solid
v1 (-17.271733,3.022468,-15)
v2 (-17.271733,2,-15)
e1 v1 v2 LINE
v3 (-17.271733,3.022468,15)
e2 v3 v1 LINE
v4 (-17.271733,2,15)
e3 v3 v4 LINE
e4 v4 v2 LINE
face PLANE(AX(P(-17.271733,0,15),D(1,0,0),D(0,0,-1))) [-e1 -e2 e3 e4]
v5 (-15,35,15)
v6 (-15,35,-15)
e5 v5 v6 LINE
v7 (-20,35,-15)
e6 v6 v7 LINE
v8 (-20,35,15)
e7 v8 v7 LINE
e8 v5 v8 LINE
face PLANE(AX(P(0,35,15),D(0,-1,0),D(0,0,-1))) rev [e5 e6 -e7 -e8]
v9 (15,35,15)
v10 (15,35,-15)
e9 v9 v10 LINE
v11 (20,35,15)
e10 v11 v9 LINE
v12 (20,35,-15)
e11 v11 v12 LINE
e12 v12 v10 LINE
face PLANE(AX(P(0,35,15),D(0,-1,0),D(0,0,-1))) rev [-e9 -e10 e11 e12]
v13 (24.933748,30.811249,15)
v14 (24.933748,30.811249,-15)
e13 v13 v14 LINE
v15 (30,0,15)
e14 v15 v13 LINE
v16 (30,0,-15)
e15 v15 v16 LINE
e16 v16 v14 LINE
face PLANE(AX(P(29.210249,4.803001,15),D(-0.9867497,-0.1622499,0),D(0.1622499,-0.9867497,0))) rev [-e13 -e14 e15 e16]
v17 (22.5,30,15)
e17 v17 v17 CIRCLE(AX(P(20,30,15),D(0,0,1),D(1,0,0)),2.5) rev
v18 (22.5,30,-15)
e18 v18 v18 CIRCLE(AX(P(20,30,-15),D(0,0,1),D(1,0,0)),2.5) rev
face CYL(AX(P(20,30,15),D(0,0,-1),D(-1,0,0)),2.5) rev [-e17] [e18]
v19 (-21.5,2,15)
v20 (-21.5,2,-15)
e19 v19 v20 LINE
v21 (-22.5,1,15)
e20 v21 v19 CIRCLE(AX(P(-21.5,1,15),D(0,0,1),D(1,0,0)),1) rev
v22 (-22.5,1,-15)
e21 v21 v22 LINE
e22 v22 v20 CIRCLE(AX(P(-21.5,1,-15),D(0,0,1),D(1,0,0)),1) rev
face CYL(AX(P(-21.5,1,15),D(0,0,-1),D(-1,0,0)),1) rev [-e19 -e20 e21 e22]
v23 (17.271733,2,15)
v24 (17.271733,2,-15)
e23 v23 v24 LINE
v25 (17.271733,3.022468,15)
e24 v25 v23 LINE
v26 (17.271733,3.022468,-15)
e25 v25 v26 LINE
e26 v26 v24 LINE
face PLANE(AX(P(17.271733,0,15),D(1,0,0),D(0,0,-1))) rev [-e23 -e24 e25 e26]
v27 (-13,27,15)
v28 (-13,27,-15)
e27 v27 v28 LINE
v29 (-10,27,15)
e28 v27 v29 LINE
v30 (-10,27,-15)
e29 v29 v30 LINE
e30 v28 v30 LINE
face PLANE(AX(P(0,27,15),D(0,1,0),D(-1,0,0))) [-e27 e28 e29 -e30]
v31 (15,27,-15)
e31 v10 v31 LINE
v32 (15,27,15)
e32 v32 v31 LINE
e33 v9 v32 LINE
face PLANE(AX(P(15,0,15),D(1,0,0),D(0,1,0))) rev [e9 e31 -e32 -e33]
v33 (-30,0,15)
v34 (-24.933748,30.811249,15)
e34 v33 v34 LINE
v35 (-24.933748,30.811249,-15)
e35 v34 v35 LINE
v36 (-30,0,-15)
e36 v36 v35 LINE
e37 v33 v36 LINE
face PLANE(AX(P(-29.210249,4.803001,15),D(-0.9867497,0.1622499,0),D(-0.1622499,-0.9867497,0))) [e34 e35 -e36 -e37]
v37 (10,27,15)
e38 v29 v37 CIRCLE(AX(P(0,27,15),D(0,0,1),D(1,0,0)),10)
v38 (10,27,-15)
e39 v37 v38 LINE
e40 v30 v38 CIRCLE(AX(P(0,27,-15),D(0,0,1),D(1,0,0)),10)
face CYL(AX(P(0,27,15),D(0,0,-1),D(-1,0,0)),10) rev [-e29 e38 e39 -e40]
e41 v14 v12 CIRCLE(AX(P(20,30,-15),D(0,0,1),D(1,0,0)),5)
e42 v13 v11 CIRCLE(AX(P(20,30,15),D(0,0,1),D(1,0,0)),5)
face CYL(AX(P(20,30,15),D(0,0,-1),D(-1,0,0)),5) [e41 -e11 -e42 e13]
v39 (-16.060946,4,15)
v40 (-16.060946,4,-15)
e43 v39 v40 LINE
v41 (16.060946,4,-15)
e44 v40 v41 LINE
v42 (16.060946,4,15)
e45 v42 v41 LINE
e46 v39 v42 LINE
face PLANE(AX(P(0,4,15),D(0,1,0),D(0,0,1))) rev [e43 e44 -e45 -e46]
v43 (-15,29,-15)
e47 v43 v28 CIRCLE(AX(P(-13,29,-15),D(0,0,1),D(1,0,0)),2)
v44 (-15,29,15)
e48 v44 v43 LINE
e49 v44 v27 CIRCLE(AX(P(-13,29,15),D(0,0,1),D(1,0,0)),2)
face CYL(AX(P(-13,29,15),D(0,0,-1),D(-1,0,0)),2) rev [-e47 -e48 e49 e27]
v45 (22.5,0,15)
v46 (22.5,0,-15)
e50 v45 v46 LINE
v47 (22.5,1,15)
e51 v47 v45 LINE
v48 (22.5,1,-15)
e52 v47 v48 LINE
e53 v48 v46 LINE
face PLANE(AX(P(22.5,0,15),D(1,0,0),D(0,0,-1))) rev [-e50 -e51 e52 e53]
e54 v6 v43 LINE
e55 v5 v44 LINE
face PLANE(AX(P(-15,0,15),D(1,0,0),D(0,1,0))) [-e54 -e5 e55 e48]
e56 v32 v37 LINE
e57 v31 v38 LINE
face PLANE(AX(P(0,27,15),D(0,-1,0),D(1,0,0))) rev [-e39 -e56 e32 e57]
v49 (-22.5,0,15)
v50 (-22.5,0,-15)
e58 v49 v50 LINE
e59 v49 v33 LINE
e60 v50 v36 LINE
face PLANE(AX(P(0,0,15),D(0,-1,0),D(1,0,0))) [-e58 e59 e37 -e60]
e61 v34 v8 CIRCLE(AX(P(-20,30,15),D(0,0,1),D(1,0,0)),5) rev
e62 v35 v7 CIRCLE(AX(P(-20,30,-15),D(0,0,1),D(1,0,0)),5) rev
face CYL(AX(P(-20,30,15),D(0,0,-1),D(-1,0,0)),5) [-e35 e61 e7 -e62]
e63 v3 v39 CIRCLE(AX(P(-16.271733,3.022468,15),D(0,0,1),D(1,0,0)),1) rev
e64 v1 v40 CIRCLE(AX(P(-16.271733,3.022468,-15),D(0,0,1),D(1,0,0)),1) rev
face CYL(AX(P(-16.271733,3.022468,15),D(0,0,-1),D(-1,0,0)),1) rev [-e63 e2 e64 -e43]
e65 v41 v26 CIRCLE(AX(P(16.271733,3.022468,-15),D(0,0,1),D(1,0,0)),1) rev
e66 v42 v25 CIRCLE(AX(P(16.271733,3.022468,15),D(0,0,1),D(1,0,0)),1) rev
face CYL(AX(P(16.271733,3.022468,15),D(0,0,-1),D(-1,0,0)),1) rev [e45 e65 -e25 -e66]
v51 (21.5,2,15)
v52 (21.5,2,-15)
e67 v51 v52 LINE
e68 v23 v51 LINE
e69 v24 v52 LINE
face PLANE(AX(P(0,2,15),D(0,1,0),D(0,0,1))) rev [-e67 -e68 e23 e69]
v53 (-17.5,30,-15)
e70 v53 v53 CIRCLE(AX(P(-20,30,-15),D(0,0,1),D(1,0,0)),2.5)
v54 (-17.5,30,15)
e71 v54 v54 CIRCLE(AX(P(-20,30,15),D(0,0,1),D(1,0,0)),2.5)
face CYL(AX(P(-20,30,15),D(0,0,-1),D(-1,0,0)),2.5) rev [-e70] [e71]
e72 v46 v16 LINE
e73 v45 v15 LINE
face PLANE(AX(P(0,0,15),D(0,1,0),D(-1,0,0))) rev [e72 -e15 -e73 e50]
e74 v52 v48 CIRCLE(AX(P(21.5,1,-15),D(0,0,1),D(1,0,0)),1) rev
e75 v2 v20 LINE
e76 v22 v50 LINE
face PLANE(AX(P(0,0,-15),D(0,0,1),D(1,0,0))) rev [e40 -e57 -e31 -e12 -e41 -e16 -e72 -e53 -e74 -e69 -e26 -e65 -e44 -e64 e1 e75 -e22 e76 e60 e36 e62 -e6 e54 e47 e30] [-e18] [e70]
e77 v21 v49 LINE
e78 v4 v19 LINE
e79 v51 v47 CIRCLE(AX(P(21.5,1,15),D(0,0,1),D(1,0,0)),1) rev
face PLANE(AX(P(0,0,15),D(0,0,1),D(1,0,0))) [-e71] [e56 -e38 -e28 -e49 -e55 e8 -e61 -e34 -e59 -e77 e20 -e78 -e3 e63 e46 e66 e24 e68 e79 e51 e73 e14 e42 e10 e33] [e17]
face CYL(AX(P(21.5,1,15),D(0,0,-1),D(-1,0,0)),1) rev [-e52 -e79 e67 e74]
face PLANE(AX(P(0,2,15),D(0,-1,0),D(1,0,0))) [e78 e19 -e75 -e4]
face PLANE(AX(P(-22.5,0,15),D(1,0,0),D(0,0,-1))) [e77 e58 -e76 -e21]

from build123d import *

# Parameters (mm, degrees)
SKETCH1_R           = 2.5
BOSS_EXTRUDE1_DEPTH = 15


with BuildPart() as part:
    # Sketch1 → Boss-Extrude1 (new, symmetric)
    with BuildSketch(Plane.XY):
        with BuildLine():
            ThreePointArc((16.060946061, 4), (16.899910262, 3.800538423), (17.271733188, 3.022468012))
            Line((17.271733188, 3.022468012), (17.271733188, 2))
            Line((17.271733188, 2), (21.5, 2))
            ThreePointArc((21.5, 2), (22.207106781, 1.707106781), (22.5, 1))
            Line((22.5, 1), (22.5, 0))
            Line((22.5, 0), (30, 0))
            Line((30, 0), (24.933748499, 30.8112495))
            ThreePointArc((24.933748499, 30.8112495), (23.236027851, 33.811577593), (20, 35))
            Line((20, 35), (15, 35))
            Line((15, 35), (15, 29))
            Line((15, 29), (15, 27))
            Line((15, 27), (13, 27))
            Line((13, 27), (10, 27))
            ThreePointArc((10, 27), (0, 17), (-10, 27))
            Line((-10, 27), (-13, 27))
            ThreePointArc((-13, 27), (-14.414213562, 27.585786438), (-15, 29))
            Line((-15, 29), (-15, 35))
            Line((-15, 35), (-20, 35))
            ThreePointArc((-20, 35), (-23.236027851, 33.811577593), (-24.933748499, 30.8112495))
            Line((-24.933748499, 30.8112495), (-30, 0))
            Line((-30, 0), (-22.5, 0))
            Line((-22.5, 0), (-22.5, 1))
            ThreePointArc((-22.5, 1), (-22.207106781, 1.707106781), (-21.5, 2))
            Line((-21.5, 2), (-17.271733188, 2))
            Line((-17.271733188, 2), (-17.271733188, 3.022468012))
            ThreePointArc((-17.271733188, 3.022468012), (-16.899910262, 3.800538423), (-16.060946061, 4))
            Line((-16.060946061, 4), (16.060946061, 4))
        make_face()
        with Locations((-20, 30)):
            Circle(SKETCH1_R, mode=Mode.SUBTRACT)
        with Locations((20, 30)):
            Circle(SKETCH1_R, mode=Mode.SUBTRACT)
    extrude(amount=BOSS_EXTRUDE1_DEPTH, both=True)


solid = part.part
